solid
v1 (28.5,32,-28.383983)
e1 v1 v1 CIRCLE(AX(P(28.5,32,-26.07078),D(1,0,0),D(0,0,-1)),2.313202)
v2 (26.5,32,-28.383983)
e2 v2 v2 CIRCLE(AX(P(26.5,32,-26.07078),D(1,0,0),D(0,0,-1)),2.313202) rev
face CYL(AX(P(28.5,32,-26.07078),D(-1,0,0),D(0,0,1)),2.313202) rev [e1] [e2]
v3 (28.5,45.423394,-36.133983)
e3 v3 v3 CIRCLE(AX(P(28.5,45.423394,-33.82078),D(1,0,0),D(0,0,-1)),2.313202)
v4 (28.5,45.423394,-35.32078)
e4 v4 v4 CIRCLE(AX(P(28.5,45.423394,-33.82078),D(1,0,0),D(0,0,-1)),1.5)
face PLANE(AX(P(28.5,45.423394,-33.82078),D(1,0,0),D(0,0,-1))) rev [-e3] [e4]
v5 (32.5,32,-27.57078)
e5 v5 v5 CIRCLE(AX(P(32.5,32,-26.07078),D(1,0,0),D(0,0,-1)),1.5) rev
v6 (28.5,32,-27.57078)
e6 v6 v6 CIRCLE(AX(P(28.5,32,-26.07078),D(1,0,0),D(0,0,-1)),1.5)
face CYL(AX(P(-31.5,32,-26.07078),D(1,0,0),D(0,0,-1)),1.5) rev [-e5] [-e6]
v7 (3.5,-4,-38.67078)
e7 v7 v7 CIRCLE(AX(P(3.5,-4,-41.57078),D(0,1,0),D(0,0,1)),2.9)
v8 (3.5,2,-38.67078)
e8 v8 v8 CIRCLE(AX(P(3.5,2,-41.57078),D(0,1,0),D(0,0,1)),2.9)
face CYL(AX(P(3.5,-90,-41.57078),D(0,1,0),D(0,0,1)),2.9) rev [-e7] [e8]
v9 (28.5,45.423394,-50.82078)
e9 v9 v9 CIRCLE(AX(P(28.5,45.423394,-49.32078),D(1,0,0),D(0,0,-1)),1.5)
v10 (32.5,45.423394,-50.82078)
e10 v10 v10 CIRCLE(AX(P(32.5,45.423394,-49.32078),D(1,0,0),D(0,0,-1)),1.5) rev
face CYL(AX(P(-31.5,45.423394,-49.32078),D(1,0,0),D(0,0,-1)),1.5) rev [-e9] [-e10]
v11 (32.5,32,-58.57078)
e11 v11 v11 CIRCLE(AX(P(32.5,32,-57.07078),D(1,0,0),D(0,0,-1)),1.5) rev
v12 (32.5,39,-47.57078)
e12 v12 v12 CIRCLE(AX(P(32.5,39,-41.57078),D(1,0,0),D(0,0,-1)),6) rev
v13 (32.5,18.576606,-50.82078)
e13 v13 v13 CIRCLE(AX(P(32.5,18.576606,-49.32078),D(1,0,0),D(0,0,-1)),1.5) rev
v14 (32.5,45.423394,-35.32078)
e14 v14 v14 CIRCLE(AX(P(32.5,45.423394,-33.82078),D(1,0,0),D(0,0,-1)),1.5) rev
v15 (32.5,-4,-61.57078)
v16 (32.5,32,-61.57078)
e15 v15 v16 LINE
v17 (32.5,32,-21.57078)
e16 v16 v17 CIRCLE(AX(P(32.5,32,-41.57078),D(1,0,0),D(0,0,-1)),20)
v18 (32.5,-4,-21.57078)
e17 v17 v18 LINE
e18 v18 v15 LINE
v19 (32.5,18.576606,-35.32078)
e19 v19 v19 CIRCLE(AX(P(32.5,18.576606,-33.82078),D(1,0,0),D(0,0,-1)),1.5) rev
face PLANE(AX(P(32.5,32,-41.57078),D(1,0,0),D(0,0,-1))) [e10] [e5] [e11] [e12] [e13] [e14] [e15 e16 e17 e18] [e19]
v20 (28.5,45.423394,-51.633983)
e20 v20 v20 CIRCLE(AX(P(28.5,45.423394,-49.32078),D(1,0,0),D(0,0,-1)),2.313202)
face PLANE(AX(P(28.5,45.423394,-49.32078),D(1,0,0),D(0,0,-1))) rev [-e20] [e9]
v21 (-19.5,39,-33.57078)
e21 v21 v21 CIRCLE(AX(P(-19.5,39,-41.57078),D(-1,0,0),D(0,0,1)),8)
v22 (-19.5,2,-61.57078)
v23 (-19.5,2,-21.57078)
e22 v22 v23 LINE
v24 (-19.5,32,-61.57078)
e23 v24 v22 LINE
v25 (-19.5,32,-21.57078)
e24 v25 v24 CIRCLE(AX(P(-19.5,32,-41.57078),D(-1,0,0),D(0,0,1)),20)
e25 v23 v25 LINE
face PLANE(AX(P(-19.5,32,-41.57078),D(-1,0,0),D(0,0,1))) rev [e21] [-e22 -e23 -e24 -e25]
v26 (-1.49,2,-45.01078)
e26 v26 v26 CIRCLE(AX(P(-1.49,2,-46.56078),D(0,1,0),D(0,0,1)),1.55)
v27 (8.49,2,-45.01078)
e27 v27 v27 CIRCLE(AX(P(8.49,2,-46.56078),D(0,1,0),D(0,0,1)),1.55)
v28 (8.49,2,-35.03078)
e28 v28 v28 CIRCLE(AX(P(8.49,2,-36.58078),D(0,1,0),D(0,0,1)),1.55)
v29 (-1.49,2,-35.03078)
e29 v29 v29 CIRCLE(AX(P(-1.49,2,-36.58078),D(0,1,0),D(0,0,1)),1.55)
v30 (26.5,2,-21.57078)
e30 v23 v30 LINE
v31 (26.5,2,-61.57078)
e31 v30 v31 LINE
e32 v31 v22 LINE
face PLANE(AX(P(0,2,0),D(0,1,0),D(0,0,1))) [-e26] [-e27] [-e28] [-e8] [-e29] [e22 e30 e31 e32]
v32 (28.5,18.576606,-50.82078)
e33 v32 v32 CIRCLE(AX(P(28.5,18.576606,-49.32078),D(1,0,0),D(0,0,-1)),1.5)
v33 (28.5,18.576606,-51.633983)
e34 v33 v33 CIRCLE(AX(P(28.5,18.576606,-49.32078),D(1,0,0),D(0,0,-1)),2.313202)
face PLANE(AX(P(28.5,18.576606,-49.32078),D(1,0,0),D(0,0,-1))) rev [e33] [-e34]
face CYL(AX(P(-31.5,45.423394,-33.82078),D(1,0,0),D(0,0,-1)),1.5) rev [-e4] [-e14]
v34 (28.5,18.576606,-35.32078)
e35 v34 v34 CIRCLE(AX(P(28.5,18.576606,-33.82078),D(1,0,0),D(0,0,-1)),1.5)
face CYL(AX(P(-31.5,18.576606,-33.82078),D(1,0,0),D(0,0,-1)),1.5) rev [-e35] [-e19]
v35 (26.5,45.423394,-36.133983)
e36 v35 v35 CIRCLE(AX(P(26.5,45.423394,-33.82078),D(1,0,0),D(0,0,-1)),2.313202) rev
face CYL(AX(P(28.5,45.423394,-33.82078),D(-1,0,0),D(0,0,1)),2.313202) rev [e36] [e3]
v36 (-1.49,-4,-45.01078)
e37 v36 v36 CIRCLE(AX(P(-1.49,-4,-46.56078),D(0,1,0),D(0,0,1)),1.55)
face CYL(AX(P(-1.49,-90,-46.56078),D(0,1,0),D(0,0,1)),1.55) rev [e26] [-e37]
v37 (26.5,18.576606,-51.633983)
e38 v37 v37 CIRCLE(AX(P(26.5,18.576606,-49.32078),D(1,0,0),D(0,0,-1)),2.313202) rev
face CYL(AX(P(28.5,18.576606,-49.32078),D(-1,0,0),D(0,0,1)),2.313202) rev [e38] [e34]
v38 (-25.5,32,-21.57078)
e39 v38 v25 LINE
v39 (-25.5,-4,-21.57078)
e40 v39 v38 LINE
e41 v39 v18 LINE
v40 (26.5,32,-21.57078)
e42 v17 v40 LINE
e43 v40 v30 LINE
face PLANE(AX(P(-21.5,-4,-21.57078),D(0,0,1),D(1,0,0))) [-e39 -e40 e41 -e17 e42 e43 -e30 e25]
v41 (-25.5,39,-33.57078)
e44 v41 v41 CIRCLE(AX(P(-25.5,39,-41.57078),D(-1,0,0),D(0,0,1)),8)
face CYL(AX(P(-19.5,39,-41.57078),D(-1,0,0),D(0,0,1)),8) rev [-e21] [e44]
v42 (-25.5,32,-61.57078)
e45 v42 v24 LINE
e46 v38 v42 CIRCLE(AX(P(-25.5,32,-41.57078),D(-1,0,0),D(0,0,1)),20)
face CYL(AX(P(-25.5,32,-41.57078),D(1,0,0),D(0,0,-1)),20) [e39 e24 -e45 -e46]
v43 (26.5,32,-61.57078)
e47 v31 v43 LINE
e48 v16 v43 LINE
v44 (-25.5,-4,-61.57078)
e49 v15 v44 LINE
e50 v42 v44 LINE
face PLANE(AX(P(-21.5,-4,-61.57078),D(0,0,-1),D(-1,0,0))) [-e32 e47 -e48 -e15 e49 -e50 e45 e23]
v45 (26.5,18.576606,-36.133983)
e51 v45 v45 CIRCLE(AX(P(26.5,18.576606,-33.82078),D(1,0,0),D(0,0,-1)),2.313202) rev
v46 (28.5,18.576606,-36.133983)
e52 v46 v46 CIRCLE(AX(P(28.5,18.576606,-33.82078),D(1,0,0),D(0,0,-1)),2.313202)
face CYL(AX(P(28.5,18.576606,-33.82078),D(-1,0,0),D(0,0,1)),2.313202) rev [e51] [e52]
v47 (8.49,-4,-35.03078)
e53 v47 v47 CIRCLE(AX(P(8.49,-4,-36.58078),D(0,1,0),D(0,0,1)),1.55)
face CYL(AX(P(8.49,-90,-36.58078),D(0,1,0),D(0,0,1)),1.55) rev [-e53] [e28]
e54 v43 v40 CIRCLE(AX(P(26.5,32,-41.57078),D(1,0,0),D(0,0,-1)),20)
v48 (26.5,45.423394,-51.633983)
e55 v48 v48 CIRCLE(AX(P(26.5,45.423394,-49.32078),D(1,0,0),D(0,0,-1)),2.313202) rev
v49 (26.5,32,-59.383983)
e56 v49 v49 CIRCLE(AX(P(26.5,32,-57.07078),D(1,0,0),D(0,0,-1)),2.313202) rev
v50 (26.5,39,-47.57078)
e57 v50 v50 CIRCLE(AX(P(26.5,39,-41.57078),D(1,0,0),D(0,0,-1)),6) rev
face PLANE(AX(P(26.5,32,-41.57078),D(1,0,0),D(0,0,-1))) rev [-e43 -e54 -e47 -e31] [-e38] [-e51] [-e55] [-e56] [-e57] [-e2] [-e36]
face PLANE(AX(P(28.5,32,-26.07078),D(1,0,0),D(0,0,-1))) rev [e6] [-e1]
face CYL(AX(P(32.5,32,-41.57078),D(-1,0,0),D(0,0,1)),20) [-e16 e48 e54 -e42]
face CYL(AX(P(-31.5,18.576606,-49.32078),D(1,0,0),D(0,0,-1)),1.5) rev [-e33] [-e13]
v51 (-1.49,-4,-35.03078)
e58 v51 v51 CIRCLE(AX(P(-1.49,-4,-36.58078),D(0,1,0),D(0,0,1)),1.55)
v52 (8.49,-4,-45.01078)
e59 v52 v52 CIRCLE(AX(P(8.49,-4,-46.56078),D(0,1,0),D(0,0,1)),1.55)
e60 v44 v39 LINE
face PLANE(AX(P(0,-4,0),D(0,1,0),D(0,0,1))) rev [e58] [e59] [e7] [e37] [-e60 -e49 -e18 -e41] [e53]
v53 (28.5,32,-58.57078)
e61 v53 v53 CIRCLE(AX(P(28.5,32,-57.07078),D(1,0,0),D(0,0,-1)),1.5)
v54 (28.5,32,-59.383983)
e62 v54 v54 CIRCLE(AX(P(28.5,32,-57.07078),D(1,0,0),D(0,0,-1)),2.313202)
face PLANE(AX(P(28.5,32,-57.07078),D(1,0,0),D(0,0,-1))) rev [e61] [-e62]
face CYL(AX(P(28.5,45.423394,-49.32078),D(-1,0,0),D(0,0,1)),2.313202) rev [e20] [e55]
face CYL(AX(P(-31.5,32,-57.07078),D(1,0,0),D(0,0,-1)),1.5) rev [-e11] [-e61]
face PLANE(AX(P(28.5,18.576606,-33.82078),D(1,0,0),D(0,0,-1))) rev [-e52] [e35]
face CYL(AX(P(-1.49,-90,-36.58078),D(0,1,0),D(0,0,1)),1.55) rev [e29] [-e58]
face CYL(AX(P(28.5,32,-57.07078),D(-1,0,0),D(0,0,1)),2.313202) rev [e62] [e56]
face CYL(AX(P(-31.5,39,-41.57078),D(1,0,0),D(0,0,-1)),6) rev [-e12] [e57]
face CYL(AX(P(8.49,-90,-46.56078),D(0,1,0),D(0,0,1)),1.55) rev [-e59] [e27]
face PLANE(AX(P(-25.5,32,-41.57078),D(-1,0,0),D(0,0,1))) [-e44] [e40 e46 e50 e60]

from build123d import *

# Parameters (mm, degrees)
BOSS_EXTRUDE2_DEPTH         = 2
BOSS_EXTRUDE2_DEPTH_BACK    = 4
SKETCH2_W                   = 50
SKETCH2_H                   = 40
BOSS_EXTRUDE3_DEPTH         = 4
BOSS_EXTRUDE3_DEPTH_BACK    = 2
BOSS_EXTRUDE4_DEPTH         = 4
BOSS_EXTRUDE4_DEPTH_BACK    = 2
CUT_EXTRUDE1_DEPTH          = 10
CUT_EXTRUDE1_DEPTH_BACK     = 92
SKETCH7_R                   = 1.5
SKETCH7_R_2                 = 6
SKETCH8_R                   = 2.9
SKETCH8_R_2                 = 1.55
CUT_EXTRUDE2_DEPTH          = 92
SKETCH10_W                  = 4
SKETCH10_H                  = 6
BOSS_EXTRUDE5_DEPTH         = 40
IZIM1_R                     = 2.313202435
KES_EKSTR_ZYON1_DEPTH       = 48
Y_KSEKLIK_EKSTR_ZYON1_DEPTH = 6
IZIM3_R                     = 8
KES_EKSTR_ZYON2_DEPTH       = 6


with BuildPart() as part:
    # Sketch2 → Boss-Extrude2 (new, two sides: drawn at the far end of the back side and taken through both)
    with BuildSketch(Plane(origin=(0, 0, 0), x_dir=(1, 0, 0), z_dir=(0, 1, 0)).offset(-BOSS_EXTRUDE2_DEPTH_BACK)):
        with Locations((3.5, 41.570780176)):
            Rectangle(SKETCH2_W, SKETCH2_H)
    extrude(amount=BOSS_EXTRUDE2_DEPTH + BOSS_EXTRUDE2_DEPTH_BACK)

    # Sketch4 → Boss-Extrude3 (add, two sides: drawn at the far end of the back side and taken through both)
    with BuildSketch(Plane.ZY.offset(21.5).offset(-BOSS_EXTRUDE3_DEPTH_BACK)):
        with BuildLine():
            Line((-21.570780176, 2), (-61.570780176, 2))
            Line((-61.570780176, 2), (-61.570780176, 32))
            ThreePointArc((-61.570780176, 32), (-41.570780176, 52), (-21.570780176, 32))
            Line((-21.570780176, 32), (-21.570780176, 2))
        make_face()
    extrude(amount=BOSS_EXTRUDE3_DEPTH + BOSS_EXTRUDE3_DEPTH_BACK)

    # Sketch5 → Boss-Extrude4 (add, two sides: drawn at the far end of the back side and taken through both)
    with BuildSketch(Plane(origin=(28.5, 0, 0), x_dir=(0, 0, -1), z_dir=(1, 0, 0)).offset(-BOSS_EXTRUDE4_DEPTH_BACK)):
        with BuildLine():
            Line((21.570780176, -4), (61.570780176, -4))
            Line((61.570780176, -4), (61.570780176, 32))
            ThreePointArc((61.570780176, 32), (41.570780176, 52), (21.570780176, 32))
            Line((21.570780176, 32), (21.570780176, -4))
        make_face()
    extrude(amount=BOSS_EXTRUDE4_DEPTH + BOSS_EXTRUDE4_DEPTH_BACK)

    # Sketch7 → Cut-Extrude1 (cut, two sides: drawn at the far end of the back side and taken through both)
    with BuildSketch(Plane.ZY.offset(21.5).offset(-CUT_EXTRUDE1_DEPTH_BACK)):
        with Locations(Location((-26.070780176, 32, 0), (0, 0, 180))):
            Circle(SKETCH7_R)
        with Locations(Location((-33.820780176, 18.576606241, 0), (0, 0, 180))):
            Circle(SKETCH7_R)
        with Locations(Location((-49.320780176, 18.576606241, 0), (0, 0, 180))):
            Circle(SKETCH7_R)
        with Locations(Location((-57.070780176, 32, 0), (0, 0, 180))):
            Circle(SKETCH7_R)
        with Locations(Location((-49.320780176, 45.423393759, 0), (0, 0, 180))):
            Circle(SKETCH7_R)
        with Locations(Location((-33.820780176, 45.423393759, 0), (0, 0, 180))):
            Circle(SKETCH7_R)
        with Locations(Location((-41.570780176, 39, 0), (0, 0, 180))):
            Circle(SKETCH7_R_2)
    extrude(amount=CUT_EXTRUDE1_DEPTH + CUT_EXTRUDE1_DEPTH_BACK, mode=Mode.SUBTRACT)

    # Sketch8 → Cut-Extrude2 (cut)
    with BuildSketch(Plane(origin=(0, 2, 0), x_dir=(1, 0, 0), z_dir=(0, 1, 0))):
        with Locations(Location((3.5, 41.570780176, 0), (0, 0, 270))):
            Circle(SKETCH8_R)
        with Locations(Location((-1.49, 46.560780176, 0), (0, 0, 270))):
            Circle(SKETCH8_R_2)
        with Locations(Location((8.49, 46.560780176, 0), (0, 0, 270))):
            Circle(SKETCH8_R_2)
        with Locations(Location((-1.49, 36.580780176, 0), (0, 0, 270))):
            Circle(SKETCH8_R_2)
        with Locations(Location((8.49, 36.580780176, 0), (0, 0, 270))):
            Circle(SKETCH8_R_2)
    extrude(amount=-CUT_EXTRUDE2_DEPTH, mode=Mode.SUBTRACT)

    # Sketch10 → Boss-Extrude5 (add)
    with BuildSketch(Plane.XY.offset(-21.570780176)):
        with Locations((-23.5, -1)):
            Rectangle(SKETCH10_W, SKETCH10_H)
    extrude(amount=-BOSS_EXTRUDE5_DEPTH)

    # Çizim1 → Kes-Ekstrüzyon1 (cut)
    with BuildSketch(Plane(origin=(-19.5, 0, 0), x_dir=(0, 0, -1), z_dir=(1, 0, 0))):
        with Locations((26.070780176, 32)):
            Circle(IZIM1_R)
        with Locations((33.820780176, 45.423393759)):
            Circle(IZIM1_R)
        with Locations((49.320780176, 45.423393759)):
            Circle(IZIM1_R)
        with Locations((57.070780176, 32)):
            Circle(IZIM1_R)
        with Locations((49.320780176, 18.576606241)):
            Circle(IZIM1_R)
        with Locations((33.820780176, 18.576606241)):
            Circle(IZIM1_R)
    extrude(amount=KES_EKSTR_ZYON1_DEPTH, mode=Mode.SUBTRACT)

    # Çizim2 → Yükseklik-Ekstrüzyon1 (add)
    with BuildSketch(Plane.ZY.offset(25.5)):
        with BuildLine():
            Line((-21.570780176, -4), (-21.570780176, 32))
            ThreePointArc((-21.570780176, 32), (-41.570780176, 52), (-61.570780176, 32))
            Line((-61.570780176, 32), (-61.570780176, -4))
            Line((-61.570780176, -4), (-21.570780176, -4))
        make_face()
    extrude(amount=-Y_KSEKLIK_EKSTR_ZYON1_DEPTH)

    # Çizim3 → Kes-Ekstrüzyon2 (cut)
    with BuildSketch(Plane.ZY.offset(25.5)):
        with Locations((-41.570780176, 39)):
            Circle(IZIM3_R)
    extrude(amount=-KES_EKSTR_ZYON2_DEPTH, mode=Mode.SUBTRACT)


solid = part.part
